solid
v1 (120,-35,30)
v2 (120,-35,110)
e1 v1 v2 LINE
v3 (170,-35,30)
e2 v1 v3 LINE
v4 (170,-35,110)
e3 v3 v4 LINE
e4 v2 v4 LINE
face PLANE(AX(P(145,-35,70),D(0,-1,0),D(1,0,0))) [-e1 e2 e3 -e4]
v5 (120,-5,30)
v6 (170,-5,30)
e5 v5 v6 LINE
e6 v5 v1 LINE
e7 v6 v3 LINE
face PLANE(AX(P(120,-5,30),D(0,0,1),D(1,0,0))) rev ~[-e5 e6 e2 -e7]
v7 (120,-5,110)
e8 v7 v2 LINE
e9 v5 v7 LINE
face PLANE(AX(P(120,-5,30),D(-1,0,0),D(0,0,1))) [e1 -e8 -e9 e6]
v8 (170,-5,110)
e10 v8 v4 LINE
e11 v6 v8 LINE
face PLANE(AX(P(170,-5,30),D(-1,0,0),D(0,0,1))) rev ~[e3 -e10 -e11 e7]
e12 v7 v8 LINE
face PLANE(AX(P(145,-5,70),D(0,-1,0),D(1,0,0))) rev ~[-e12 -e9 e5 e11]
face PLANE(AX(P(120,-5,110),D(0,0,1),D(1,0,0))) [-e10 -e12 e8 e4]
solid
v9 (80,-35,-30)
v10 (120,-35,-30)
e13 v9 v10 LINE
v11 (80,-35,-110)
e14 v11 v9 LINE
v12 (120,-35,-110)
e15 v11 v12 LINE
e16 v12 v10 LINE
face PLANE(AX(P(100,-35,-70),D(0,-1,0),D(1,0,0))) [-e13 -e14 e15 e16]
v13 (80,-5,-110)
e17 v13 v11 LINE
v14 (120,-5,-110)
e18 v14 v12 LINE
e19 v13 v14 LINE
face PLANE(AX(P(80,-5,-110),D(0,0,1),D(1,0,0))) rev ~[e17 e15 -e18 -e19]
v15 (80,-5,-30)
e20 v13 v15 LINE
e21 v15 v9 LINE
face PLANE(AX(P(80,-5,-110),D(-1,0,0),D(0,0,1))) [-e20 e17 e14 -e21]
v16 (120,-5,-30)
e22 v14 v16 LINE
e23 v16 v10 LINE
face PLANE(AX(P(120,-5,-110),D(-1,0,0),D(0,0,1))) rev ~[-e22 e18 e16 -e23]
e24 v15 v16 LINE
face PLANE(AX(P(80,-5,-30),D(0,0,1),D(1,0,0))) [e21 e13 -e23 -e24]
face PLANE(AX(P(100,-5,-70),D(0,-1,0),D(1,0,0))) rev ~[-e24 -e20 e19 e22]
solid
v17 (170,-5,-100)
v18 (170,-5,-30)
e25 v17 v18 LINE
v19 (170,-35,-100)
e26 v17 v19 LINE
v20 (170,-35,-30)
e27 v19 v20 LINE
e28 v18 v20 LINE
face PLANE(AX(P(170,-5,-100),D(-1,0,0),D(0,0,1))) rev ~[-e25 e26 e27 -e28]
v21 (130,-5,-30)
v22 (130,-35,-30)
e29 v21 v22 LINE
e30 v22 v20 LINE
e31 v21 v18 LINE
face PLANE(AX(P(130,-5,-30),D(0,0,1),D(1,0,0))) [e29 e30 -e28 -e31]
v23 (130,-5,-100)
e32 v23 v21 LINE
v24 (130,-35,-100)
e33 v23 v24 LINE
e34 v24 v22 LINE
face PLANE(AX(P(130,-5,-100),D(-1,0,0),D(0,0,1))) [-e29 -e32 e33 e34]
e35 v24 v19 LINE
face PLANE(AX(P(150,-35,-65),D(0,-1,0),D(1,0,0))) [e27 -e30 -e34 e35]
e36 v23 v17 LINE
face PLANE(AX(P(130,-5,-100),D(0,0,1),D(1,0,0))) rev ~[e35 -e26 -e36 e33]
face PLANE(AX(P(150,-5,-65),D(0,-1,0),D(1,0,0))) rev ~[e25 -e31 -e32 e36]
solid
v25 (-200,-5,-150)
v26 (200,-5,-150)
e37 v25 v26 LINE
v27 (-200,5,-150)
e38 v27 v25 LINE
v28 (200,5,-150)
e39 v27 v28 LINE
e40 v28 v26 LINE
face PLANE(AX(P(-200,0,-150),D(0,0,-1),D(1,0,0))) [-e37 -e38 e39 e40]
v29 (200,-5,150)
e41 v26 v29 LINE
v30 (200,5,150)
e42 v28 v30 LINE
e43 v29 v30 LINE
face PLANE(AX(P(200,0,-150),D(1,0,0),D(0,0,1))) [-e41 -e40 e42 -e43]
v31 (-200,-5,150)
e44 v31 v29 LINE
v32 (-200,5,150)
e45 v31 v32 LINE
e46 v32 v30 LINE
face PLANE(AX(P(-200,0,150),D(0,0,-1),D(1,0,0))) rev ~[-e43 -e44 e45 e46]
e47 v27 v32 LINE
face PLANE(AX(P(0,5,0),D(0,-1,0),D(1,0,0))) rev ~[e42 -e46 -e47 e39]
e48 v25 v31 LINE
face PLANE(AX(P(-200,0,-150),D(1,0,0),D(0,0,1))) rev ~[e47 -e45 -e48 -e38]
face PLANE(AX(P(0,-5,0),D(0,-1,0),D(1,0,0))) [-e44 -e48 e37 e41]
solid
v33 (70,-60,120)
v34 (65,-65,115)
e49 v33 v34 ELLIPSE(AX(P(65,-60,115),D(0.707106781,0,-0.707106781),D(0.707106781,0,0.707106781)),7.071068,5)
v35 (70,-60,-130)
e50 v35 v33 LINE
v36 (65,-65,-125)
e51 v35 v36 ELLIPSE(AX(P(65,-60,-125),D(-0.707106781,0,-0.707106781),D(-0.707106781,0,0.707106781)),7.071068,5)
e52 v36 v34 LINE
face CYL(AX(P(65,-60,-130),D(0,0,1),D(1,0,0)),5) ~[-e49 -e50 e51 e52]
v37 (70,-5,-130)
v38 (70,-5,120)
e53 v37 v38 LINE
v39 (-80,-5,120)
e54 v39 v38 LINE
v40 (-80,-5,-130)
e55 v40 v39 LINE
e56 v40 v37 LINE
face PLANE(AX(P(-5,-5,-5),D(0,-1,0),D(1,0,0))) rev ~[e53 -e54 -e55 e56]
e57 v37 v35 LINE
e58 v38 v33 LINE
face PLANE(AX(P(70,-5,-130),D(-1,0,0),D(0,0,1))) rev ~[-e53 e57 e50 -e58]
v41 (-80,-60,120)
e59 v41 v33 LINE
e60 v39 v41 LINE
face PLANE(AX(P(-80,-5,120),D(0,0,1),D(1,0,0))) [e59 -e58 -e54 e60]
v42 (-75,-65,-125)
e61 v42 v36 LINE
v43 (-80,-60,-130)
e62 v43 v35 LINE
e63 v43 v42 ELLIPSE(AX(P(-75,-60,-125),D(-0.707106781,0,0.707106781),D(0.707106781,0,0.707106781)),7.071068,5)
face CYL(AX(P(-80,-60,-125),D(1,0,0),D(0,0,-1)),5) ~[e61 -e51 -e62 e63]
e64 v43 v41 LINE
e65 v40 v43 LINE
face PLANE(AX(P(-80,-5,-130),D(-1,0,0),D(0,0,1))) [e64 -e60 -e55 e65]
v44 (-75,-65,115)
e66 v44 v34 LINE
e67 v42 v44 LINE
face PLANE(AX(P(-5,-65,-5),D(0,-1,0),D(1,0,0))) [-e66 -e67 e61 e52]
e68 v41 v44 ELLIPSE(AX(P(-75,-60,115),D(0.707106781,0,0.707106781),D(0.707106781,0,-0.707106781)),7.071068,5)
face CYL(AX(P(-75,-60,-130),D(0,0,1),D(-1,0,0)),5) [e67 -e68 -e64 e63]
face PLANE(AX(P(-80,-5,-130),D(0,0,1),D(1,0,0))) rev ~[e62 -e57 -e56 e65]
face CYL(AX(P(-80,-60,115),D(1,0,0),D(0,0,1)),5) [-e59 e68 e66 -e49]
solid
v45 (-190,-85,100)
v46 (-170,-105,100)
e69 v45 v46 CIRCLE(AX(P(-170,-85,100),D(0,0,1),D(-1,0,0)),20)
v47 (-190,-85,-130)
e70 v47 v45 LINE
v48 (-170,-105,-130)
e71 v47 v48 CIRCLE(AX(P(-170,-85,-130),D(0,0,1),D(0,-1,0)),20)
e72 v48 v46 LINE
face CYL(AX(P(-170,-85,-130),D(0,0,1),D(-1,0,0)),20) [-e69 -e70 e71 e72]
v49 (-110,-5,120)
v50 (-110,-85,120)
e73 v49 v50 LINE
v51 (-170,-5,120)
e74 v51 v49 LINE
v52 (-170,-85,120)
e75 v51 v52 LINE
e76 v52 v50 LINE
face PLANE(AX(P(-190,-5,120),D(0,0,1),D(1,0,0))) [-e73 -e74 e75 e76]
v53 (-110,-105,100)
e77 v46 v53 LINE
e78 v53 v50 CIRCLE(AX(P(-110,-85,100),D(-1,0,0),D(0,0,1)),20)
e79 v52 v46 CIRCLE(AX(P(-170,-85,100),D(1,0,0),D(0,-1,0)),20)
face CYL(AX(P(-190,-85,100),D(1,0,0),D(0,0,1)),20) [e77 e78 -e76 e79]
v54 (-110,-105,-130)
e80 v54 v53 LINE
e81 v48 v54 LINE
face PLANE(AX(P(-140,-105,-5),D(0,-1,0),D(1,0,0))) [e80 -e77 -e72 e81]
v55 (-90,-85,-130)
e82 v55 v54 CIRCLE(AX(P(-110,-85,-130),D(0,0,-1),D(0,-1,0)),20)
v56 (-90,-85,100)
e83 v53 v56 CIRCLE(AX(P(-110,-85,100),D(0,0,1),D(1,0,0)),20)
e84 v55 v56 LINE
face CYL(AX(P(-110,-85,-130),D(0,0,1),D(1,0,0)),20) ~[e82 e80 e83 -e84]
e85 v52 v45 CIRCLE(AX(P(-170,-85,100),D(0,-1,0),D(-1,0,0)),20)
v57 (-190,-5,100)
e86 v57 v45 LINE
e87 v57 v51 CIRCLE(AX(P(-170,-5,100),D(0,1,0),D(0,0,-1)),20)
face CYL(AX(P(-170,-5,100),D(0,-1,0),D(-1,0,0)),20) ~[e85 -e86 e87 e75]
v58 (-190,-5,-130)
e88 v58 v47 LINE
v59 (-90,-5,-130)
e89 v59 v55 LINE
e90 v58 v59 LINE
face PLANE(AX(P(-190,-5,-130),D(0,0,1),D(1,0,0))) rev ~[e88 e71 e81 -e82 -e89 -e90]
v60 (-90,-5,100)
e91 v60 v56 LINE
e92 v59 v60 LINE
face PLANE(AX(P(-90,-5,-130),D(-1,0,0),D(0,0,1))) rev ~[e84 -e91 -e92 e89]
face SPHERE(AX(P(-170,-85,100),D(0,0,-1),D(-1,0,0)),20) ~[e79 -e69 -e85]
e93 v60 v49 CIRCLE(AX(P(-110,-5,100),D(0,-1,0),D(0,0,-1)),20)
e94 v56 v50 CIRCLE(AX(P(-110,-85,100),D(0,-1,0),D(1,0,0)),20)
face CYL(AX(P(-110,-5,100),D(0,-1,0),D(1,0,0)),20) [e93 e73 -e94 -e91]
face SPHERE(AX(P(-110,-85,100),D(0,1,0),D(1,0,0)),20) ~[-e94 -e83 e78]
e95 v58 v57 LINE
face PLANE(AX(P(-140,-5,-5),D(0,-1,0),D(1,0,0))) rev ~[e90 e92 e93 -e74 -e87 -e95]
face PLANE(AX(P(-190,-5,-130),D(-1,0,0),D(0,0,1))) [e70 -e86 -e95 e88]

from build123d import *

# Parameters (mm, degrees)
F0_W     = 400
F0_H     = 300
F1_DEPTH = 5
F2_W     = 100
F2_H     = 250
F3_DEPTH = 100
F2_W_2   = 150
F4_DEPTH = 60
F5_W     = 50
F5_H     = 80
F5_W_2   = 40
F5_H_2   = 70
F6_DEPTH = 30
F7_R     = 20
F8_R     = 5


with BuildPart() as f1:
    # F0 (on Front) → F1 (new body, symmetric)
    with BuildSketch(Plane.XZ):
        Rectangle(F0_W, F0_H)
    extrude(amount=F1_DEPTH, both=True)


with BuildPart() as f3:
    # F2 (on face) → F3 (new body)
    with BuildSketch(Plane.XZ.offset(5)):
        with Locations((-140, -5)):
            Rectangle(F2_W, F2_H)
    extrude(amount=F3_DEPTH)

    # F7
    f7_edges = [f3.edges().sort_by_distance(p)[0] for p in [
        (-190, -105, -5),
        (-90, -55, 120),
        (-190, -55, 120),
        (-90, -105, -5),
        (-140, -105, 120),
    ]]
    fillet(f7_edges, radius=F7_R)


with BuildPart() as f4:
    # F2 (on face) → F4 (new body)
    with BuildSketch(Plane.XZ.offset(5)):
        with Locations((-5, -5)):
            Rectangle(F2_W_2, F2_H)
    extrude(amount=F4_DEPTH)

    # F8
    f8_edges = [f4.edges().sort_by_distance(p)[0] for p in [
        (-5, -65, 120),
        (70, -65, -5),
        (-80, -65, -5),
        (-5, -65, -130),
    ]]
    fillet(f8_edges, radius=F8_R)


with BuildPart() as f6:
    # F5 (on face) → F6 (new body)
    with BuildSketch(Plane.XZ.offset(5)):
        with Locations((145, 70)):
            Rectangle(F5_W, F5_H)
        with Locations((150, -65)):
            Rectangle(F5_W_2, F5_H_2)
        with Locations((100, -70)):
            Rectangle(F5_W_2, F5_H)
    extrude(amount=F6_DEPTH)


solid = Compound([f1.part, f3.part, f4.part, f6.part])
